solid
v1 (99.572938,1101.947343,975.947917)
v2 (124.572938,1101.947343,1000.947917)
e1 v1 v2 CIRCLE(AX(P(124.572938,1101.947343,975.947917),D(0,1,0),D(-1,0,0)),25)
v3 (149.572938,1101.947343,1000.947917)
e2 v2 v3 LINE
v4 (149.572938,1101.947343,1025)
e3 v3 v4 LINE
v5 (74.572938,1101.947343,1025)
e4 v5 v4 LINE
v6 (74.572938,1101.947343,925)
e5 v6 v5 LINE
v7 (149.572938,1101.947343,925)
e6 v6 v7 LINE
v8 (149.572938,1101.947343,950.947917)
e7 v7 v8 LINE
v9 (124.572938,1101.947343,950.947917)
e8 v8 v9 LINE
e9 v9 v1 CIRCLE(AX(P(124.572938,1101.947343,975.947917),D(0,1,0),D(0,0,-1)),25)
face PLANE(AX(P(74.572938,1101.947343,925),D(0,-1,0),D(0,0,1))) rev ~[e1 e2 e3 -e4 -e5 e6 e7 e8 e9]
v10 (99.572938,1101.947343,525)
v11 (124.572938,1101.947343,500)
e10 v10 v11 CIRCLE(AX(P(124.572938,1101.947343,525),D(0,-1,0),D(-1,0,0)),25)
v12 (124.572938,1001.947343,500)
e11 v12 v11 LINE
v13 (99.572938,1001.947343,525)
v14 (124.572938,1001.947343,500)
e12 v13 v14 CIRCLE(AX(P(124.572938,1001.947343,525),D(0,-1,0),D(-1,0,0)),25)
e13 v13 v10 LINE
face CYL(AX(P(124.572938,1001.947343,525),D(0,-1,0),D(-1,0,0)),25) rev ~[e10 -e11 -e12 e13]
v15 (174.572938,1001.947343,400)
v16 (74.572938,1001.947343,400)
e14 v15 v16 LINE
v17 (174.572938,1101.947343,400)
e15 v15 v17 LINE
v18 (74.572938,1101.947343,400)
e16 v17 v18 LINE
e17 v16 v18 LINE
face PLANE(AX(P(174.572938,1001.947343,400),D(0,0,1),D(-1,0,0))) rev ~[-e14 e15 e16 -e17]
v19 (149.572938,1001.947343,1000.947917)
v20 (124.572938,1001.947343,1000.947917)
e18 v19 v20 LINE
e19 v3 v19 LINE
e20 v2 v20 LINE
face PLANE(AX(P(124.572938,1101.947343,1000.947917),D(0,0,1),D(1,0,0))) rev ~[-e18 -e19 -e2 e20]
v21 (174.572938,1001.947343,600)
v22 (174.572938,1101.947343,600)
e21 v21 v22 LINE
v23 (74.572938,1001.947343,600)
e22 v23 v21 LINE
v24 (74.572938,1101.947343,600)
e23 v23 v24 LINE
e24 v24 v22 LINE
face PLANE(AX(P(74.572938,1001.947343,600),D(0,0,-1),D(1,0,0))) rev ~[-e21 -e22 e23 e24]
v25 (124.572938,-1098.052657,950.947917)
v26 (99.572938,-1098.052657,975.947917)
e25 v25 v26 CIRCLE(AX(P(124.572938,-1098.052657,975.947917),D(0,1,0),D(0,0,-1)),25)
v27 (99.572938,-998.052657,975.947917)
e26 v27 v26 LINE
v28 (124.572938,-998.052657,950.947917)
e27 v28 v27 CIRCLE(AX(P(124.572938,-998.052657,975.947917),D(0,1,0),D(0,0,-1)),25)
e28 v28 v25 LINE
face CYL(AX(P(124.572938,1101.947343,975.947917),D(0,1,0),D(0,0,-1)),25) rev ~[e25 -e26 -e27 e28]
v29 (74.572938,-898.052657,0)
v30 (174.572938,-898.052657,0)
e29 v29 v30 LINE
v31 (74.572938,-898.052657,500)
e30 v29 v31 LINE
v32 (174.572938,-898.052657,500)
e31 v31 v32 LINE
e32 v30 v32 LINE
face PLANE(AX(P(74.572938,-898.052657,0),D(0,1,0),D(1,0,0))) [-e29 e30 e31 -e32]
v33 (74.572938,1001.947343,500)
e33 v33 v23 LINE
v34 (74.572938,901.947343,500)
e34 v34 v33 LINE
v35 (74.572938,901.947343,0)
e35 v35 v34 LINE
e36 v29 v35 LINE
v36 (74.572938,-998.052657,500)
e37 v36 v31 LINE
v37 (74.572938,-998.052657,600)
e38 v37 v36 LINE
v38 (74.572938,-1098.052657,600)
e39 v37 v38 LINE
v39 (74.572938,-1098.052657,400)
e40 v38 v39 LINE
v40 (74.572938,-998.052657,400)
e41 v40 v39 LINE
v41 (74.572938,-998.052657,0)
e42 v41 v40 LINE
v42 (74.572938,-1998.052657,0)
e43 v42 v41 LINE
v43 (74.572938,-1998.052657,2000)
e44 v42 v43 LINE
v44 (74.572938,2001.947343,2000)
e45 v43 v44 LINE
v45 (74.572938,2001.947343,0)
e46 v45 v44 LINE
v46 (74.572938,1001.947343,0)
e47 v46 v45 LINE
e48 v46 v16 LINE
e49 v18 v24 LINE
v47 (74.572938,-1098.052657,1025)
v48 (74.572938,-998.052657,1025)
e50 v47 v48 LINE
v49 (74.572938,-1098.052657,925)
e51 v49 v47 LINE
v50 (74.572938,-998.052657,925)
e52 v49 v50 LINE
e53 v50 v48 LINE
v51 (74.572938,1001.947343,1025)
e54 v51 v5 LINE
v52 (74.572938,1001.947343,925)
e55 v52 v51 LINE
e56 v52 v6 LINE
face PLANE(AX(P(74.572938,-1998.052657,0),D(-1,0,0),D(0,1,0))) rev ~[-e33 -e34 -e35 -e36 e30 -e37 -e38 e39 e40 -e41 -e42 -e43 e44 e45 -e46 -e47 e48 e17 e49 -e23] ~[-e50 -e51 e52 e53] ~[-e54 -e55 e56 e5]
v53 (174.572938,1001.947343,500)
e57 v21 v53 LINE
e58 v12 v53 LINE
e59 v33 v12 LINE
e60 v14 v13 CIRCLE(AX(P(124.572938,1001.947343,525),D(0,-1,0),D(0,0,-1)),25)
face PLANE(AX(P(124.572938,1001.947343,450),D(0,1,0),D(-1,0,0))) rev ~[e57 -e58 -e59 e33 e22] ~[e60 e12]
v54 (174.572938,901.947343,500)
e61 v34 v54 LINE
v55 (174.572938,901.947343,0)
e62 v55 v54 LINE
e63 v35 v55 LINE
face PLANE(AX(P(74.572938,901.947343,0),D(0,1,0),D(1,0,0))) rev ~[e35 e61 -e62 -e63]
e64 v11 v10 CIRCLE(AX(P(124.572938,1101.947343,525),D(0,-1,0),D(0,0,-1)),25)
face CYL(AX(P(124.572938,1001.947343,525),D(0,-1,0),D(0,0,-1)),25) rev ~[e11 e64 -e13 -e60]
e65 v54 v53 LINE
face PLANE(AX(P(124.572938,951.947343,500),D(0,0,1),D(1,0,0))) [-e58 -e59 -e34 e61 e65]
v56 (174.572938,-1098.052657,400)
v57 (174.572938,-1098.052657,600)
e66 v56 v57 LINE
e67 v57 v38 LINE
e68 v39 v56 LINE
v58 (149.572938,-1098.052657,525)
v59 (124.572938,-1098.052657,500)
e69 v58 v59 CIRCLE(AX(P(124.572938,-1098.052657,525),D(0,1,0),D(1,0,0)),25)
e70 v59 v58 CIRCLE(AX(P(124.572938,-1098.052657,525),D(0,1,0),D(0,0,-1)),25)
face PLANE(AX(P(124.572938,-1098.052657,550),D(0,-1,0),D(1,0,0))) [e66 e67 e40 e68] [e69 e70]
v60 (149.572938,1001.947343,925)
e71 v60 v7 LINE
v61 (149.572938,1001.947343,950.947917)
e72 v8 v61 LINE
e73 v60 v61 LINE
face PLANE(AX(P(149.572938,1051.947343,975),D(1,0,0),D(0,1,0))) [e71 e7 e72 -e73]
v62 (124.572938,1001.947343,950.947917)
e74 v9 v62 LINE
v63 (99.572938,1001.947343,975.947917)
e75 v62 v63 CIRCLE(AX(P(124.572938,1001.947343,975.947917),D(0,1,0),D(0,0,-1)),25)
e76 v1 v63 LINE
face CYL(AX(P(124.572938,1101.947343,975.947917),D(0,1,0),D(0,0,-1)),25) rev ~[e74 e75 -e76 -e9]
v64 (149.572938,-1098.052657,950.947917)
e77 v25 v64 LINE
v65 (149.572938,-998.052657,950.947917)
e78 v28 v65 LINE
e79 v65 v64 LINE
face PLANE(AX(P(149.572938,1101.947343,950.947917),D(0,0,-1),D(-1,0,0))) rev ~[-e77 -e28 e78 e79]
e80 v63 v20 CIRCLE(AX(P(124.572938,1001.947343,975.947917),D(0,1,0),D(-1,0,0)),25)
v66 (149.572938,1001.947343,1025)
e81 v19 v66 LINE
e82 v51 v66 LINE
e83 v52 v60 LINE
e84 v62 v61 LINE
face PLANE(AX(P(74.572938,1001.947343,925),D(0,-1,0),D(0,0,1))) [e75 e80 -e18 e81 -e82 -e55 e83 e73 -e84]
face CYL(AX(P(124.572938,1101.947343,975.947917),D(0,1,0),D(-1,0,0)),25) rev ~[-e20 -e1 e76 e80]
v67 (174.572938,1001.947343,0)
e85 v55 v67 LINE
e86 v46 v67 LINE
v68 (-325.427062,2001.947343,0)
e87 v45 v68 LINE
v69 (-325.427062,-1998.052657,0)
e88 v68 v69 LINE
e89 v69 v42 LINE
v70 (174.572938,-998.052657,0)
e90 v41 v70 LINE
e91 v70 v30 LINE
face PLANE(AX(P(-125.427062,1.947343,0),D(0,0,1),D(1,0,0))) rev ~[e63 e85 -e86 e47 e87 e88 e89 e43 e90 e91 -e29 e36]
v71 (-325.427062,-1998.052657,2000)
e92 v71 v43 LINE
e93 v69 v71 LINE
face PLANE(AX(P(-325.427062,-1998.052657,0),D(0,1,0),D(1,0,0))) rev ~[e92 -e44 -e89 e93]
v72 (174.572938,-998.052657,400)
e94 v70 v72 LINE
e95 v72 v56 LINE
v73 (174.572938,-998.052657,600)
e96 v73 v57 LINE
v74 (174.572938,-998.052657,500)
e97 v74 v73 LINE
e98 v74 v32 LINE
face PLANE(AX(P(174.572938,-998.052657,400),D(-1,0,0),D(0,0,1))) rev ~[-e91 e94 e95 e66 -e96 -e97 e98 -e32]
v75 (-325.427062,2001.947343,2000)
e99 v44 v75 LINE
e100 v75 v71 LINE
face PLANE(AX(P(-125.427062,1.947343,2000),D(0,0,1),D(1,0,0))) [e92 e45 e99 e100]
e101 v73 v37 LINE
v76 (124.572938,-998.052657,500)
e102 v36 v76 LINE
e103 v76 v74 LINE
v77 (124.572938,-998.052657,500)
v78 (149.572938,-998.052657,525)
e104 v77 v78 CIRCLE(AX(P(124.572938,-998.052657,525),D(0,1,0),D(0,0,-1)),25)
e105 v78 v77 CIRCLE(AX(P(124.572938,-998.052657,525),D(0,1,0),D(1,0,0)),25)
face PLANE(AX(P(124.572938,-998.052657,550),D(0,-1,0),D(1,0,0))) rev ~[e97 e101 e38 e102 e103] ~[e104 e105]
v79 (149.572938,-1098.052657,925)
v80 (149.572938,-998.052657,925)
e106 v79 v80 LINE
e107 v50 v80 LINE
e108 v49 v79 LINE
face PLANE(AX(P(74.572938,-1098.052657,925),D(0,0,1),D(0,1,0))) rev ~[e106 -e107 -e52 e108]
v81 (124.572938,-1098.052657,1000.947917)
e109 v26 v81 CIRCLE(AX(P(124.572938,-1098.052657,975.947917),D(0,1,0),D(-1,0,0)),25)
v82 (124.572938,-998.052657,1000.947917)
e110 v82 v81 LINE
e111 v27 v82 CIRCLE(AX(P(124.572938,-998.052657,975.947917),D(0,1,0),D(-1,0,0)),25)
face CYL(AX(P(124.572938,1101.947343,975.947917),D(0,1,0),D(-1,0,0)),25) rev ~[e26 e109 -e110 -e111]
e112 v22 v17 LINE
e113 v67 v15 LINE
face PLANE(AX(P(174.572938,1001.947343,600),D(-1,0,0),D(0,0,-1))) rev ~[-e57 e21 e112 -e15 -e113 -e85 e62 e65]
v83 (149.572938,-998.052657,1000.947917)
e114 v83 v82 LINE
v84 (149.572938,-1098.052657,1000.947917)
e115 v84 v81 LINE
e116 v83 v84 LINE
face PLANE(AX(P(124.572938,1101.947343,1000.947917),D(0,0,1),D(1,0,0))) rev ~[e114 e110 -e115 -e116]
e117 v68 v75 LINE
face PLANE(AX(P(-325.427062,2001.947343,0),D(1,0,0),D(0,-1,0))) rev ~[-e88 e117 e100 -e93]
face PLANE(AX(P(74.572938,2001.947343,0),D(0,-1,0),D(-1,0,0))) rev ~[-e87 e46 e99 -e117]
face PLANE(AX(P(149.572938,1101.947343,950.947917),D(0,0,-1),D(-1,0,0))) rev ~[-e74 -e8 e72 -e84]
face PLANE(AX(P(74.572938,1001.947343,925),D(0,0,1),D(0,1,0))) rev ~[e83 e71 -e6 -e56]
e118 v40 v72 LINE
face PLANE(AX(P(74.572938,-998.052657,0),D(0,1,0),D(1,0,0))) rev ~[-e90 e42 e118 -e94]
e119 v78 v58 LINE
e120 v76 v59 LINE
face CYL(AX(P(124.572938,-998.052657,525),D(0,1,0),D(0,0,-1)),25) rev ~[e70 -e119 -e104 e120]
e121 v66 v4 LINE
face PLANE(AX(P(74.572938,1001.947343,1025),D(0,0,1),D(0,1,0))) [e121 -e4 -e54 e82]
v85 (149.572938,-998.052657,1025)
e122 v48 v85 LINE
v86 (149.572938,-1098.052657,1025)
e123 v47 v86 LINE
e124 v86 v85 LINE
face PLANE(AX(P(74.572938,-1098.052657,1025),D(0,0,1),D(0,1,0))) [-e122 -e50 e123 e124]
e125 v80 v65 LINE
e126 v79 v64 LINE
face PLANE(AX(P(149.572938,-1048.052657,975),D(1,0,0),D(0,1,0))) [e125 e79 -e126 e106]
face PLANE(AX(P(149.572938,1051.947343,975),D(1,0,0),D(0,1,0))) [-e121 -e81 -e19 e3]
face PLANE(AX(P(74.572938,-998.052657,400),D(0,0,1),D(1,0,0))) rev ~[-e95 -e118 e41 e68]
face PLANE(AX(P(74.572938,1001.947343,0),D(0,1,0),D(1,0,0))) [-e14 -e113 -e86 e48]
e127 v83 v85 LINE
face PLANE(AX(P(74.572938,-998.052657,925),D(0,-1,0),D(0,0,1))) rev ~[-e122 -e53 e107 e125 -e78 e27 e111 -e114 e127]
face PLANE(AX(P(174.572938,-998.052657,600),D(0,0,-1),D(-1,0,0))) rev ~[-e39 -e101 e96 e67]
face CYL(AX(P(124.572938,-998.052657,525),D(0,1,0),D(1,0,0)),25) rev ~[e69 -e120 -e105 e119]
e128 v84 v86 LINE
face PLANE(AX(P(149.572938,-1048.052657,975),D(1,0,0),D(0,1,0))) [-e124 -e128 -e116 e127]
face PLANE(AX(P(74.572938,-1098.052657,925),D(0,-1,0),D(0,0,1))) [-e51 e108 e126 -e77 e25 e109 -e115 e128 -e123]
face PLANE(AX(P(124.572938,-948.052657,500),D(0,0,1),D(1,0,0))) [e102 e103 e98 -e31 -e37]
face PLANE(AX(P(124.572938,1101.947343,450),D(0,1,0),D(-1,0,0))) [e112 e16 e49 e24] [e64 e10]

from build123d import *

# Parameters (mm, degrees)
F1_DEPTH  = 2000
F0_W      = 100
F0_H      = 100
F2_DEPTH  = 500
F5_DEPTH  = 100
F6_DEPTH  = 100
F7_W      = 100
F7_H      = 100
F8_DEPTH  = 75
F10_DEPTH = 2277


with BuildPart() as f1:
    # F0 (on Top) → F1 (new body)
    with BuildSketch(Plane.XY):
        Polygon((-325.4270623924, -1998.0526566505), (74.5729376076, -1998.0526566505), (74.5729376076, -998.0526566505), (74.5729376076, -898.0526566505), (74.5729376076, 901.9473433495), (74.5729376076, 1001.9473433495), (74.5729376076, 2001.9473433495), (-325.4270623924, 2001.9473433495), align=None)
    extrude(amount=F1_DEPTH)

    # F0 (on Top) → F2 (join)
    with BuildSketch(Plane.XY):
        with Locations((124.5729376076, -948.0526566505)):
            Rectangle(F0_W, F0_H)
        with Locations((124.5729376076, 951.9473433495)):
            Rectangle(F0_W, F0_H)
    extrude(amount=F2_DEPTH)

    # F4 (on face) → F5 (join)
    with BuildSketch(Plane(origin=(0, 1001.9473433495, 0), x_dir=(-1, 0, 0), z_dir=(0, 1, 0))):
        Polygon((-174.5729376076, 400), (-74.5729376076, 400), (-74.5729376076, 500), (-124.5729376076, 500), (-174.5729376076, 500), align=None)
        Polygon((-124.5729376076, 500), (-74.5729376076, 500), (-74.5729376076, 600), (-174.5729376076, 600), (-174.5729376076, 500), align=None)
        with BuildLine():
            ThreePointArc((-99.5729376076, 525), (-106.8952680779, 507.3223304703), (-124.5729376076, 500))
            ThreePointArc((-124.5729376076, 500), (-142.2506071373, 542.6776695297), (-99.5729376076, 525))
        make_face(mode=Mode.SUBTRACT)
    extrude(amount=F5_DEPTH)

    # F3 (on face) → F6 (join)
    with BuildSketch(Plane.XZ.offset(998.0526566505)):
        Polygon((74.5729376076, 600), (74.5729376076, 500), (124.5729376076, 500), (174.5729376076, 500), (174.5729376076, 600), align=None)
        with BuildLine():
            ThreePointArc((149.5729376076, 525), (142.2506071373, 507.3223304703), (124.5729376076, 500))
            ThreePointArc((124.5729376076, 500), (106.8952680779, 542.6776695297), (149.5729376076, 525))
        make_face(mode=Mode.SUBTRACT)
        Polygon((74.5729376076, 500), (74.5729376076, 400), (174.5729376076, 400), (174.5729376076, 500), (124.5729376076, 500), align=None)
    extrude(amount=F6_DEPTH)

    # F7 (on face) → F8 (join)
    with BuildSketch(Plane.YZ.offset(74.5729376076)):
        with Locations((-1048.0526566505, 975)):
            Rectangle(F7_W, F7_H)
        with Locations((1051.9473433495, 975)):
            Rectangle(F7_W, F7_H)
    extrude(amount=F8_DEPTH)

    # F9 (on face) → F10 (cut)
    with BuildSketch(Plane(origin=(0, 1101.9473433495, 0), x_dir=(-1, 0, 0), z_dir=(0, 1, 0))):
        with BuildLine():
            ThreePointArc((-124.5729376076, 950.9479165077), (-106.8952680779, 958.2702469781), (-99.5729376076, 975.9479165077))
            ThreePointArc((-99.5729376076, 975.9479165077), (-106.8952680779, 993.6255860374), (-124.5729376076, 1000.9479165077))
            ThreePointArc((-124.5729376076, 1000.9479165077), (-142.2506071373, 993.6255860374), (-149.5729376076, 975.9479165077))
            ThreePointArc((-149.5729376076, 975.9479165077), (-142.2506071373, 958.2702469781), (-124.5729376076, 950.9479165077))
        make_face()
        with BuildLine():
            ThreePointArc((-149.5729376076, 975.9479165077), (-142.2506071373, 993.6255860374), (-124.5729376076, 1000.9479165077))
            Line((-124.5729376076, 1000.9479165077), (-149.5729376076, 1000.9479165077))
            Line((-149.5729376076, 1000.9479165077), (-149.5729376076, 975.9479165077))
        make_face()
        with BuildLine():
            Line((-149.5729376076, 950.9479165077), (-124.5729376076, 950.9479165077))
            ThreePointArc((-124.5729376076, 950.9479165077), (-142.2506071373, 958.2702469781), (-149.5729376076, 975.9479165077))
            Line((-149.5729376076, 975.9479165077), (-149.5729376076, 950.9479165077))
        make_face()
    extrude(amount=-F10_DEPTH, mode=Mode.SUBTRACT)


solid = f1.part
